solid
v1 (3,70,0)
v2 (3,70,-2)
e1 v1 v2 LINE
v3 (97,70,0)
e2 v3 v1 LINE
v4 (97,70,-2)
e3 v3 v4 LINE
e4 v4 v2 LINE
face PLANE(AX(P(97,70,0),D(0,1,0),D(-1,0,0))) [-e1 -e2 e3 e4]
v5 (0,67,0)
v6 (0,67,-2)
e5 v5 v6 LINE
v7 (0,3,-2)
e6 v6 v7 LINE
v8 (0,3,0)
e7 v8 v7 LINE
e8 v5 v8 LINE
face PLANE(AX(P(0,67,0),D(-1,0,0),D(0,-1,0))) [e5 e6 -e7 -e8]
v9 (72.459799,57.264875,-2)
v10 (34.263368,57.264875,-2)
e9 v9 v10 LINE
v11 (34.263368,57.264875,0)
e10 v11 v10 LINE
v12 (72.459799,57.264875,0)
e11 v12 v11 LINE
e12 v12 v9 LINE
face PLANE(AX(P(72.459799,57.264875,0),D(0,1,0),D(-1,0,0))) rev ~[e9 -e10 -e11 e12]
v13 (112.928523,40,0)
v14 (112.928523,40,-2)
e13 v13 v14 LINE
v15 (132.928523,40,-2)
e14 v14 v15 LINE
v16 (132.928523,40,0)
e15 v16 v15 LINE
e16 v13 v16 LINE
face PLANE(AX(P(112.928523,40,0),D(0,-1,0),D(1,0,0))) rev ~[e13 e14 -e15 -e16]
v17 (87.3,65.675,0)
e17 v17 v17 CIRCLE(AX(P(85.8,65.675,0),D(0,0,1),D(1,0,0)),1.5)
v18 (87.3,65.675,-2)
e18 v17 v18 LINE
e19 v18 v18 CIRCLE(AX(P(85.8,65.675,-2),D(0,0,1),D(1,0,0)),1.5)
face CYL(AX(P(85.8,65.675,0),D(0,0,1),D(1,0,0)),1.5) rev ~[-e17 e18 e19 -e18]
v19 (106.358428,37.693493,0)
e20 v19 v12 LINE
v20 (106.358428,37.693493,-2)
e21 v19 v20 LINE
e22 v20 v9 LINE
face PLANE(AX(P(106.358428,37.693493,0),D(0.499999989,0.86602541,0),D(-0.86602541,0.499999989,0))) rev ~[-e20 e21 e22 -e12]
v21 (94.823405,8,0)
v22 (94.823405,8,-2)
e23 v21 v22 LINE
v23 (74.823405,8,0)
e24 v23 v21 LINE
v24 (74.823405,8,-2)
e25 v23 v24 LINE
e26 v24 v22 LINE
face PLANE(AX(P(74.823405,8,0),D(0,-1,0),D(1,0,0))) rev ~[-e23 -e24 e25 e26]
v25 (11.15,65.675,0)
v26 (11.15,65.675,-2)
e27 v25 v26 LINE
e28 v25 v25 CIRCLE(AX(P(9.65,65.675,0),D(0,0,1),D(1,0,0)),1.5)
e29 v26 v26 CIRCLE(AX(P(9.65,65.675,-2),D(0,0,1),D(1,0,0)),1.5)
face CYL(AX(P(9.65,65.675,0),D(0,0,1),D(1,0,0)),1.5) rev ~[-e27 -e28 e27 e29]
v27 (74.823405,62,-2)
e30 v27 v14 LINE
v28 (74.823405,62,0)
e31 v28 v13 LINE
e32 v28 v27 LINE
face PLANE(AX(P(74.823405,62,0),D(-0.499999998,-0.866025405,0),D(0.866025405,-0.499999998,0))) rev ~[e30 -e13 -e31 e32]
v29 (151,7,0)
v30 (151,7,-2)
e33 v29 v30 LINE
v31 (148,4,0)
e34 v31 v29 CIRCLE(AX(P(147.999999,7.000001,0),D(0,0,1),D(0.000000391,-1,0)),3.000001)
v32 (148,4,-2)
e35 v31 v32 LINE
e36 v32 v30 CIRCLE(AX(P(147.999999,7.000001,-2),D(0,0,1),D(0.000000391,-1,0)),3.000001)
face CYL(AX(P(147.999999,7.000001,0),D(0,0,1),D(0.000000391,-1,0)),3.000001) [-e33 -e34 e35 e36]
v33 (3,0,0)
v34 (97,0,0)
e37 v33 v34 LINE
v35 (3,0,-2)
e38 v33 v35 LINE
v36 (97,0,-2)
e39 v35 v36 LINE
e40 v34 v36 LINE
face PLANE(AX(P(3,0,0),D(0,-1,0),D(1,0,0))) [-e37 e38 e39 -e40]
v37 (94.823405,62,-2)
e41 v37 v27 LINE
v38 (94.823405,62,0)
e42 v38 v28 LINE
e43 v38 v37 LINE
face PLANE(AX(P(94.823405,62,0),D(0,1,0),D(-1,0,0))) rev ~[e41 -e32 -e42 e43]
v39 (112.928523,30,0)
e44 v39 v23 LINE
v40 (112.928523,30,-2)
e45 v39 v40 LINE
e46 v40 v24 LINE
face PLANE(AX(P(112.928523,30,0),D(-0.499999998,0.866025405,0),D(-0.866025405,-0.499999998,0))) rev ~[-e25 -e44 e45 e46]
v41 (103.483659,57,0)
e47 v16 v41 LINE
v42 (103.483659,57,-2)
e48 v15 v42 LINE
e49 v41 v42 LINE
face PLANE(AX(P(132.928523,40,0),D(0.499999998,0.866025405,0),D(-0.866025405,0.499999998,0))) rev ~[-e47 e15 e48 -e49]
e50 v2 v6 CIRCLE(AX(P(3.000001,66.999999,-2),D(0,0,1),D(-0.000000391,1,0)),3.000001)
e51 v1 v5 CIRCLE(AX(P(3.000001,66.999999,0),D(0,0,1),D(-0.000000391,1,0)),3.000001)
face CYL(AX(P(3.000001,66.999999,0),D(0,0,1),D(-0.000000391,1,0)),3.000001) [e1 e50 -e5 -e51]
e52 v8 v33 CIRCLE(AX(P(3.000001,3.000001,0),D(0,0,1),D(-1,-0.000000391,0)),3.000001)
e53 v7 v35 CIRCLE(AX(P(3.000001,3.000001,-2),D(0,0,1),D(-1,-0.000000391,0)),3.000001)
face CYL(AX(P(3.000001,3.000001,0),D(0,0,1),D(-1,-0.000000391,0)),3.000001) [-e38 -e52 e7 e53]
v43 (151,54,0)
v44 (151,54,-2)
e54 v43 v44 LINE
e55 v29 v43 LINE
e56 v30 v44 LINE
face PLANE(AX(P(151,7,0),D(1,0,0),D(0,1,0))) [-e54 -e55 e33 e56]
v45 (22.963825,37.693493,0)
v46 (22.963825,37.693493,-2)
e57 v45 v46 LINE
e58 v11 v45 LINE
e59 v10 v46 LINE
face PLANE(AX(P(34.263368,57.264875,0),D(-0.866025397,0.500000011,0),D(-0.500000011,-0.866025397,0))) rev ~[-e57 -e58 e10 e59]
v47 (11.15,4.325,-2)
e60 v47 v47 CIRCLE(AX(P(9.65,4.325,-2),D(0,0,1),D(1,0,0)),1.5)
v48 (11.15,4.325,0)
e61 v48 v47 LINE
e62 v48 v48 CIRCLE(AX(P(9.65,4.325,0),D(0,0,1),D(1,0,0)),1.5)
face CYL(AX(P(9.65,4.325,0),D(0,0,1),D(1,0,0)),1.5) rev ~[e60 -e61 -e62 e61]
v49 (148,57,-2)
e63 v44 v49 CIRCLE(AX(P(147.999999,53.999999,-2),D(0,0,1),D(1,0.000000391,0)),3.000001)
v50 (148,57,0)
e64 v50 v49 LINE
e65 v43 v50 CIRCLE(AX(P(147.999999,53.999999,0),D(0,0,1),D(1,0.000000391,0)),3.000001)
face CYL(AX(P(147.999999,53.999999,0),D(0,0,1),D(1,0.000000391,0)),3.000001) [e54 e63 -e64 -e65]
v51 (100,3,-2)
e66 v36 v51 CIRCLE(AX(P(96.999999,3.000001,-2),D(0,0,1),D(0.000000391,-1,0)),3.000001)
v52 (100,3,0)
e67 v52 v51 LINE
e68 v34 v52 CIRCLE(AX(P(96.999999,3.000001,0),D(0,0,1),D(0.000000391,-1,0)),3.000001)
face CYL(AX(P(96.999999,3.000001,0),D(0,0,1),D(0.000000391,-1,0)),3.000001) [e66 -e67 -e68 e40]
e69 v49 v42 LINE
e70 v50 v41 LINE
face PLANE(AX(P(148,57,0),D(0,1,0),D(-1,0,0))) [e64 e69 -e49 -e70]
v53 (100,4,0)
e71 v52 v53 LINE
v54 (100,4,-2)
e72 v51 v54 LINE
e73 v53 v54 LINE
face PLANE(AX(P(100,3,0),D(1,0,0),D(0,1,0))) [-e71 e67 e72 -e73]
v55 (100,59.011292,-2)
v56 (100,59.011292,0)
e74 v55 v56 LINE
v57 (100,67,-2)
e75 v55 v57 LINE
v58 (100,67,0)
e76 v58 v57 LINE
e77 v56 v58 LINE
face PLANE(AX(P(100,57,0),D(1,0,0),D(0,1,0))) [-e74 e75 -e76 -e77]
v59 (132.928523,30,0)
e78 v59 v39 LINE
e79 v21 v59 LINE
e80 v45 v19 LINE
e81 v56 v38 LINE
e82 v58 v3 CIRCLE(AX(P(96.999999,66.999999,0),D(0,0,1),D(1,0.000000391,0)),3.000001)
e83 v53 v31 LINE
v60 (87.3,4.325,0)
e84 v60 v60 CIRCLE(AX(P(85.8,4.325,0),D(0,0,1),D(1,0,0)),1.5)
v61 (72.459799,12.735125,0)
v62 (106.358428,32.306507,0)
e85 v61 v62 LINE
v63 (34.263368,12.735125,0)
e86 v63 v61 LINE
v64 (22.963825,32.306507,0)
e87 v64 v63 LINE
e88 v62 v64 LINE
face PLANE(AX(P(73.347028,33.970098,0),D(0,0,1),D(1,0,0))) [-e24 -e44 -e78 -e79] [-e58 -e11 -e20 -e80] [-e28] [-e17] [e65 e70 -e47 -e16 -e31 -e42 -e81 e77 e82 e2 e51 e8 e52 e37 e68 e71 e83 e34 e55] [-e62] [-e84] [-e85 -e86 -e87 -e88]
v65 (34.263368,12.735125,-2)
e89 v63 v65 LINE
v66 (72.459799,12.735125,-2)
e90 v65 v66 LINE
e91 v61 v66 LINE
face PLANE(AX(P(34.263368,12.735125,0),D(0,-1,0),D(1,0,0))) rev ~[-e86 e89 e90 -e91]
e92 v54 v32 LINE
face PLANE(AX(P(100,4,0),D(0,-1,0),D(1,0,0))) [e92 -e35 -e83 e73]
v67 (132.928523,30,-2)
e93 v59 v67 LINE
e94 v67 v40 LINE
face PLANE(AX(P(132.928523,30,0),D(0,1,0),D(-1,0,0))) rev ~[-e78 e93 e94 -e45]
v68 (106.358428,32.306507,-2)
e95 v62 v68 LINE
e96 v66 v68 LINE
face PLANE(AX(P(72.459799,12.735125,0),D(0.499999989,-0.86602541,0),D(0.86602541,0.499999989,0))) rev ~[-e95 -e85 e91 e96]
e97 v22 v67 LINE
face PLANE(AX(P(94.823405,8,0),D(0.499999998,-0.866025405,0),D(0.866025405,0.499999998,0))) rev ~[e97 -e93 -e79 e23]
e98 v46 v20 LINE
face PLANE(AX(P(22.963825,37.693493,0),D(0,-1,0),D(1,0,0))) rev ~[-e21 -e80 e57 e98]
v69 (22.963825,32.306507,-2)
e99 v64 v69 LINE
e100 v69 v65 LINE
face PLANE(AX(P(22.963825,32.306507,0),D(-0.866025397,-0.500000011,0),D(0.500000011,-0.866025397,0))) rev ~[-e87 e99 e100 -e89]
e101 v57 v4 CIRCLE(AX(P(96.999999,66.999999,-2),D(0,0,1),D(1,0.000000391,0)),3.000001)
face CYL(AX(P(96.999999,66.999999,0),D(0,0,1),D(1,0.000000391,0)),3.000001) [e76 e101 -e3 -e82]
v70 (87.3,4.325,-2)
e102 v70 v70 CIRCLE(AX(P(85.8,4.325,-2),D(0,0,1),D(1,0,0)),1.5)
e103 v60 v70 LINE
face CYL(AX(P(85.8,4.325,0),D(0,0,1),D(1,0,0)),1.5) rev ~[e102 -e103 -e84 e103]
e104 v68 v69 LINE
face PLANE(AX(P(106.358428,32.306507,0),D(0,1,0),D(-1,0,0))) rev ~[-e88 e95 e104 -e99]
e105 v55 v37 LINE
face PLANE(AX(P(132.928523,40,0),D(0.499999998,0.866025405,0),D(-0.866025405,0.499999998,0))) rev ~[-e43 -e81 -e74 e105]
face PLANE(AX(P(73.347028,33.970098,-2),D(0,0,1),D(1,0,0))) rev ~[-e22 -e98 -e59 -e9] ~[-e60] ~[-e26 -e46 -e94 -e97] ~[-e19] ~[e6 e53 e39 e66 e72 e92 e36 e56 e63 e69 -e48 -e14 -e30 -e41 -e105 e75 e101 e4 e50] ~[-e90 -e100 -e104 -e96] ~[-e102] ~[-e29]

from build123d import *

# Parameters (mm, degrees)
F0_R     = 1.5
F1_DEPTH = 2
F2_R     = 3
F2_R_2   = 1.5
F3_DEPTH = 2
F7_DEPTH = 2


with BuildPart() as f1:
    # F0 (on Top) → F1 (new body)
    with BuildSketch(Plane.XY):
        with BuildLine():
            Line((97, 70), (3, 70))
            ThreePointArc((3, 70), (0.87868, 69.12132), (0, 67))
            Line((0, 67), (0, 3))
            ThreePointArc((0, 3), (0.87868, 0.87868), (3, 0))
            Line((3, 0), (97, 0))
            ThreePointArc((97, 0), (99.12132, 0.87868), (100, 3))
            Line((100, 3), (100, 4))
            Line((100, 4), (148, 4))
            ThreePointArc((148, 4), (150.12132, 4.87868), (151, 7))
            Line((151, 7), (151, 54))
            ThreePointArc((151, 54), (150.12132, 56.12132), (148, 57))
            Line((148, 57), (100, 57))
            Line((100, 57), (100, 67))
            ThreePointArc((100, 67), (99.12132, 69.12132), (97, 70))
        make_face()
        with Locations((9.65, 4.325)):
            Circle(F0_R, mode=Mode.SUBTRACT)
        with Locations((85.8, 4.325)):
            Circle(F0_R, mode=Mode.SUBTRACT)
        with Locations((9.65, 65.675)):
            Circle(F0_R, mode=Mode.SUBTRACT)
        with Locations((85.8, 65.675)):
            Circle(F0_R, mode=Mode.SUBTRACT)
    extrude(amount=-F1_DEPTH)

    # F2 (on face) → F3 (join)
    with BuildSketch(Plane(origin=(0, 0, -2), x_dir=(1, 0, 0), z_dir=(0, 0, -1))):
        with Locations((9.65, -65.675)):
            Circle(F2_R)
        with Locations((9.65, -65.675)):
            Circle(F2_R_2, mode=Mode.SUBTRACT)
        with Locations((85.8, -65.675)):
            Circle(F2_R)
        with Locations((85.8, -65.675)):
            Circle(F2_R_2, mode=Mode.SUBTRACT)
        with Locations((9.65, -4.325)):
            Circle(F2_R)
        with Locations((9.65, -4.325)):
            Circle(F2_R_2, mode=Mode.SUBTRACT)
        with Locations((85.8, -4.325)):
            Circle(F2_R)
        with Locations((85.8, -4.325)):
            Circle(F2_R_2, mode=Mode.SUBTRACT)
    extrude(amount=-F3_DEPTH)

    # F6 (on Top) → F7 (cut)
    with BuildSketch(Plane.XY):
        Polygon((34.263368, 12.735125), (72.459799, 12.735125), (106.358428, 32.306507), (22.963825, 32.306507), align=None)
        Polygon((106.358428, 37.693493), (72.459799, 57.264875), (34.263368, 57.264875), (22.963825, 37.693493), align=None)
        Polygon((94.823405, 8), (132.928523, 30), (112.928523, 30), (74.823405, 8), align=None)
        Polygon((112.928523, 40), (132.928523, 40), (94.823405, 62), (74.823405, 62), align=None)
    extrude(amount=-F7_DEPTH, mode=Mode.SUBTRACT)


solid = f1.part
